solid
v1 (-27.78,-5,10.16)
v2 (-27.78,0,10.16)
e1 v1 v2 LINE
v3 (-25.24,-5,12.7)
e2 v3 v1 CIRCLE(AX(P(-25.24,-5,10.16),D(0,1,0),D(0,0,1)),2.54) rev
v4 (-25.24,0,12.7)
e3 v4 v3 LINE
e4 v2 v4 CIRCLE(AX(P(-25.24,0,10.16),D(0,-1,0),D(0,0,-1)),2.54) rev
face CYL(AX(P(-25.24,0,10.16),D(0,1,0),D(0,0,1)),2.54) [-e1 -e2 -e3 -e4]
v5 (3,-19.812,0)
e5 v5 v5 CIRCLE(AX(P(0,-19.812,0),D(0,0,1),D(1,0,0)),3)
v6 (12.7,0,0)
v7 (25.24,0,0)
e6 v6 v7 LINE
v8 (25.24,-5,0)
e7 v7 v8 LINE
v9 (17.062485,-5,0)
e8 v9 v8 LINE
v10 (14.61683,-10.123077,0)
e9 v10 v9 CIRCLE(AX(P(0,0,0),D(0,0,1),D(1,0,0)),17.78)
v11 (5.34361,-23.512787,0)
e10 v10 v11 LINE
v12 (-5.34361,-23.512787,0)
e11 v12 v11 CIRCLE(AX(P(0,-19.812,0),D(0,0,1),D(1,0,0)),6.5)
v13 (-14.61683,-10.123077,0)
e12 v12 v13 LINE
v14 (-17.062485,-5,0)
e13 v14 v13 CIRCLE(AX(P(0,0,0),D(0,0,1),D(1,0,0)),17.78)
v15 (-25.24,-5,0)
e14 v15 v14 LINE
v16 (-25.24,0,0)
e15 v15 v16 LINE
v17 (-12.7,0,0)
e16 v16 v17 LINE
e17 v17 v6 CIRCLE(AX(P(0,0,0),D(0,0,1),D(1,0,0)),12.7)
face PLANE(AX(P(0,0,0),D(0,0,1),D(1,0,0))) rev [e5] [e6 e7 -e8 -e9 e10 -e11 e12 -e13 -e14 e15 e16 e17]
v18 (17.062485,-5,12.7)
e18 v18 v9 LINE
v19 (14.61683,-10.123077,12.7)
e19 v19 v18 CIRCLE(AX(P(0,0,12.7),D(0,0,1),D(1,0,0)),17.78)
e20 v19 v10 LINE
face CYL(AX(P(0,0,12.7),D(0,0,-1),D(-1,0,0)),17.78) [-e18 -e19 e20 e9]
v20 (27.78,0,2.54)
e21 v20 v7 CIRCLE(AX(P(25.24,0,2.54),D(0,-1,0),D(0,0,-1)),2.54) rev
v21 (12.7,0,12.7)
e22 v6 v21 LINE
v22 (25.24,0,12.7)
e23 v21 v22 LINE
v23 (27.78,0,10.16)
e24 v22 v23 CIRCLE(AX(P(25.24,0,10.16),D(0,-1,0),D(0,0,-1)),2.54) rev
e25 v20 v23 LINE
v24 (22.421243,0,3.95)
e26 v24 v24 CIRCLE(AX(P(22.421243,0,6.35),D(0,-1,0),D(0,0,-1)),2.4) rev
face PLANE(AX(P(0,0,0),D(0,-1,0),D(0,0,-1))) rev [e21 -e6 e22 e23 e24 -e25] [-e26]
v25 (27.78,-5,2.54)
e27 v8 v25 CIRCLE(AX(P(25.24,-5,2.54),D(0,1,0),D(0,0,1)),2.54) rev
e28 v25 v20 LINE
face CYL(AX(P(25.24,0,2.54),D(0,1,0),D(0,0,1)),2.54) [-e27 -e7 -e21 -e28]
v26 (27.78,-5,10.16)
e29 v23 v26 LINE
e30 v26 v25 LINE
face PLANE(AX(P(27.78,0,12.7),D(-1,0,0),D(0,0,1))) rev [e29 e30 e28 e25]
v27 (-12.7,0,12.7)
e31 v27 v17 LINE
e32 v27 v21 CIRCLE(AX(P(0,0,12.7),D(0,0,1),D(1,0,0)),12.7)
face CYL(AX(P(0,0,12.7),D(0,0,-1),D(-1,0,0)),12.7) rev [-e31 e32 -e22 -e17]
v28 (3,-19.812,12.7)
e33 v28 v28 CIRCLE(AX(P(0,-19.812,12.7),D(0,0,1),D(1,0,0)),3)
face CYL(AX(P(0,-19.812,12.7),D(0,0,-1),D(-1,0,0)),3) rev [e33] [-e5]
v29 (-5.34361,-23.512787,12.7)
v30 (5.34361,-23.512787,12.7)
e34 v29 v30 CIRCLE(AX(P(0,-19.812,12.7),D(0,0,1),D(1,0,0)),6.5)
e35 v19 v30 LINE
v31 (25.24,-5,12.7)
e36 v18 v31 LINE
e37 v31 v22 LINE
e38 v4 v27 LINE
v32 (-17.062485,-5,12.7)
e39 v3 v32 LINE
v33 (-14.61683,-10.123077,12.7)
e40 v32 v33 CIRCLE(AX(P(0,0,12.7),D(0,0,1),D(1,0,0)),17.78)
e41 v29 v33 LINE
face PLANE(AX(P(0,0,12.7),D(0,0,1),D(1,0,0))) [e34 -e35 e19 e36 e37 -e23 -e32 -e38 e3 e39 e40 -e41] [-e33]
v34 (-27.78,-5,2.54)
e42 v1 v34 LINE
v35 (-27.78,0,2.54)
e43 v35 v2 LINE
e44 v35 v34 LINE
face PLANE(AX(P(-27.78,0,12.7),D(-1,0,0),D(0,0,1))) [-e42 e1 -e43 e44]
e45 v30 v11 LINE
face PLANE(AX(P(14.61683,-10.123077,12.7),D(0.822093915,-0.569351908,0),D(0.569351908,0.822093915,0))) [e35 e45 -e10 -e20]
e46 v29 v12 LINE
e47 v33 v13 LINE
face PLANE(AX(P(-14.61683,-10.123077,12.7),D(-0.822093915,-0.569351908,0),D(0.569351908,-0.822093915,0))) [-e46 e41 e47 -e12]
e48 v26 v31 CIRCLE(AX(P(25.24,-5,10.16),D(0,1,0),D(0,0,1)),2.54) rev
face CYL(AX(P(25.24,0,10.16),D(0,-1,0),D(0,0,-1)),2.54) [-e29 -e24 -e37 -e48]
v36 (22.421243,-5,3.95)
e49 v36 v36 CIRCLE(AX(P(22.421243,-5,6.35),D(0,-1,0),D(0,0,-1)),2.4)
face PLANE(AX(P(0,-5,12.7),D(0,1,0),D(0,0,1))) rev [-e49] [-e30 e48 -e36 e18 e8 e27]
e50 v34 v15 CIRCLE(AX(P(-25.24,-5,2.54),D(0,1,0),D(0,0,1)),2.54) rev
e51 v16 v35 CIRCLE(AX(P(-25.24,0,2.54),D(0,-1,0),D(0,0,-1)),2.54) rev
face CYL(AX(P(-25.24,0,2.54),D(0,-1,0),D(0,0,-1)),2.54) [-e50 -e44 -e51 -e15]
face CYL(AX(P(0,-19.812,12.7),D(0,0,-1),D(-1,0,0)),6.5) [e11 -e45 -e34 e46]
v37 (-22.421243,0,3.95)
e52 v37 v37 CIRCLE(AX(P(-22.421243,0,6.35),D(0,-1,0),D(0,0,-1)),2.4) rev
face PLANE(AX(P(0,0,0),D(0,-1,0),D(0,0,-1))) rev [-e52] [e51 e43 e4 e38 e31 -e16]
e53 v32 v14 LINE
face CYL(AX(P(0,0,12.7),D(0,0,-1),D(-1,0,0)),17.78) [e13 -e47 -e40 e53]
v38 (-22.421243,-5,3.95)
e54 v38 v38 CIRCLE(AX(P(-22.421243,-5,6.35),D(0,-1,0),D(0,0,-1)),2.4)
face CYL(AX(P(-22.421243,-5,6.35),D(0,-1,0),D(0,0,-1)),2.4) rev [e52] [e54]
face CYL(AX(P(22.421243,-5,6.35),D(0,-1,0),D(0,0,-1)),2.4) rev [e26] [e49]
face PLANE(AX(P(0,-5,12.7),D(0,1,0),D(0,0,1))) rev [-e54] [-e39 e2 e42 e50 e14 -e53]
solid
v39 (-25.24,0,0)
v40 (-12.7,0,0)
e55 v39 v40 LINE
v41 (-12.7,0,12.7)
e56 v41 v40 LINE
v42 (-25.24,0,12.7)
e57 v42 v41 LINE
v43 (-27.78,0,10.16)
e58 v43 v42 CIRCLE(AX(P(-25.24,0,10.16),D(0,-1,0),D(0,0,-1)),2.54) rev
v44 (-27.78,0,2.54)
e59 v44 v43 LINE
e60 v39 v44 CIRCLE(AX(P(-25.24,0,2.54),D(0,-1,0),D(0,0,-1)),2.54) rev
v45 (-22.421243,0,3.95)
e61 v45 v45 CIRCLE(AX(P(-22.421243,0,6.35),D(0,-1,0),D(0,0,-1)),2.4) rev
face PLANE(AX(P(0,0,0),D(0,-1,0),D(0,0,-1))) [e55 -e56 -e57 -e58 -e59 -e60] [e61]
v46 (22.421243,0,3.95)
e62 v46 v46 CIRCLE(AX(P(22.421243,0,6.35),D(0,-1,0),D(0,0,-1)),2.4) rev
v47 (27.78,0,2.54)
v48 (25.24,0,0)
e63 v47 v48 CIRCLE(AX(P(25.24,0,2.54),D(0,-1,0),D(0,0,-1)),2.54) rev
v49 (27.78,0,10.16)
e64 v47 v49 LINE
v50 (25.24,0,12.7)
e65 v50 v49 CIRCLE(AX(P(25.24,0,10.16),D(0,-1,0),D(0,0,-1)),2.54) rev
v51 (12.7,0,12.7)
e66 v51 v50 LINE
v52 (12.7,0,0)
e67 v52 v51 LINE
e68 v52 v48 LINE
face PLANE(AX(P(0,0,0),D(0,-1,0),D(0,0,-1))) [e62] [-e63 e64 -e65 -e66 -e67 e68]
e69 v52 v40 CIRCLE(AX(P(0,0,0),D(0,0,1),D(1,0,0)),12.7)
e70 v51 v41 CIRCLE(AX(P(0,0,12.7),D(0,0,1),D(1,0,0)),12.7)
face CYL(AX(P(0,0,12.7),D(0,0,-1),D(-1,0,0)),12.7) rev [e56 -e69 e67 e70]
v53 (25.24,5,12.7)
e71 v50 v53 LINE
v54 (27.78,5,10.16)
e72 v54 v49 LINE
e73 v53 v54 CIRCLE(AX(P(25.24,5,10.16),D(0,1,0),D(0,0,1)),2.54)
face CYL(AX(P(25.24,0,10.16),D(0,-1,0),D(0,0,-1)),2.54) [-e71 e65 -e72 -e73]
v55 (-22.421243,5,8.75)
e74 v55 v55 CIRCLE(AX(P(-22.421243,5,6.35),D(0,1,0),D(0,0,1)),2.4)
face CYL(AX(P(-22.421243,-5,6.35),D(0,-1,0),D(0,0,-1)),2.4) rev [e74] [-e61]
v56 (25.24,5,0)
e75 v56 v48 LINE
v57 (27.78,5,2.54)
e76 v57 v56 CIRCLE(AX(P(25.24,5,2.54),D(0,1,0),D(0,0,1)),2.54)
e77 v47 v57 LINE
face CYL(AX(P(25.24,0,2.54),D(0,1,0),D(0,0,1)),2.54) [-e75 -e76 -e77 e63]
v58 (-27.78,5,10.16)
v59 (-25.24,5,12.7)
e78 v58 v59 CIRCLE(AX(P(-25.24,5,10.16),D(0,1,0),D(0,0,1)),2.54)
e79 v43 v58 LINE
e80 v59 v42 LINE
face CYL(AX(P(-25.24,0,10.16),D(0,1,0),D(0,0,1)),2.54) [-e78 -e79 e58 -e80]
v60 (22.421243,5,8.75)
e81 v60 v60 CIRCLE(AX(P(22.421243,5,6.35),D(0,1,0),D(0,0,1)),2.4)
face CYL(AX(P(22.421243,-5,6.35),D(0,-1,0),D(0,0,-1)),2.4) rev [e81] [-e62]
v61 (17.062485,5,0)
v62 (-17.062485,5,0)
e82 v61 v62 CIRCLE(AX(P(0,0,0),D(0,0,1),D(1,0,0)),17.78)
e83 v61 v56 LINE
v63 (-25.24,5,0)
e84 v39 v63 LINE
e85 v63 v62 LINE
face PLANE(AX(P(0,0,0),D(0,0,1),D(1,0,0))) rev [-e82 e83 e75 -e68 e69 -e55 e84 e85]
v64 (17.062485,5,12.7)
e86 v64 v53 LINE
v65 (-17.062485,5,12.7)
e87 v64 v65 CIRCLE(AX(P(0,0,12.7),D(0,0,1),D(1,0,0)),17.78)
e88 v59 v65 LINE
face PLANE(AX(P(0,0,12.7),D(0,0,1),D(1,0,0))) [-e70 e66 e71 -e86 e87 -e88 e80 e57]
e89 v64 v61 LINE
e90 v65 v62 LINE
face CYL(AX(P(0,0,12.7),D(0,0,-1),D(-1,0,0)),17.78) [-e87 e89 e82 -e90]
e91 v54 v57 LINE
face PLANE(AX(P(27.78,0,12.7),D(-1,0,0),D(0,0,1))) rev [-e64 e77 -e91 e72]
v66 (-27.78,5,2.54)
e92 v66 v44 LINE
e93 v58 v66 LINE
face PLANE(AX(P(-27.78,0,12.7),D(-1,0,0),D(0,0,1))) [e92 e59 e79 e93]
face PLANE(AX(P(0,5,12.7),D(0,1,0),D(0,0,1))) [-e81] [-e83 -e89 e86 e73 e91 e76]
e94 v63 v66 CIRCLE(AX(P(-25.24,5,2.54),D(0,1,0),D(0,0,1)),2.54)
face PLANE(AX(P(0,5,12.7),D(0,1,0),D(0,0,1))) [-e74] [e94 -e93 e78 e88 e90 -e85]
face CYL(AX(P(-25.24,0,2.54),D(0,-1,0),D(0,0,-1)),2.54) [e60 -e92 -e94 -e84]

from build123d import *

# Parameters (mm, degrees)
SKETCH1_R            = 12.7
SKETCH1_R_2          = 3
BOSS_EXTRUDE1_DEPTH  = 12.7
M4_CLEARANCE_HOLE1_D = 4.8
FILLET1_R            = 2.54


with BuildPart() as part:
    # Sketch1 → Boss-Extrude1 (new body)
    with BuildSketch(Plane.XY):
        with BuildLine():
            ThreePointArc((-5.343610447, -23.512787402), (0, -26.312), (5.343610447, -23.512787402))
            Line((5.343610447, -23.512787402), (14.616829807, -10.123076923))
            ThreePointArc((14.616829807, -10.123076923), (16.04544261, -7.6597762), (17.062485165, -5))
            Line((17.062485165, -5), (27.78, -5))
            Line((27.78, -5), (27.78, 5))
            Line((27.78, 5), (17.062485165, 5))
            ThreePointArc((17.062485165, 5), (0, 17.78), (-17.062485165, 5))
            Line((-17.062485165, 5), (-27.78, 5))
            Line((-27.78, 5), (-27.78, -5))
            Line((-27.78, -5), (-17.062485165, -5))
            ThreePointArc((-17.062485165, -5), (-16.04544261, -7.6597762), (-14.616829807, -10.123076923))
            Line((-14.616829807, -10.123076923), (-5.343610447, -23.512787402))
        make_face()
        Circle(SKETCH1_R, mode=Mode.SUBTRACT)
        with Locations((0, -19.812)):
            Circle(SKETCH1_R_2, mode=Mode.SUBTRACT)
    extrude(amount=BOSS_EXTRUDE1_DEPTH)

    # M4 Clearance Hole1 (through all)
    with Locations(Plane(origin=(0, -5, 0), x_dir=(-1, 0, 0), z_dir=(0, -1, 0))):
        with Locations((-22.421242582, -6.35), (22.421242582, -6.35)):
            Hole(M4_CLEARANCE_HOLE1_D / 2)

    # Fillet1
    fillet1_edges = [part.edges().sort_by_distance(p)[0] for p in [
        (-27.78, 0, 0),
        (27.78, 0, 12.7),
        (27.78, 0, 0),
        (-27.78, 0, 12.7),
    ]]
    fillet(fillet1_edges, radius=FILLET1_R)


with BuildPart() as body_2:
    # Split1: the piece on the far side of the plane
    add(part.part)
    split(bisect_by=Plane(origin=(0, 0, 0), x_dir=(0, 0, -1), z_dir=(0, -1, 0)), keep=Keep.BOTTOM)


with BuildPart() as part_1:
    add(part.part)

    # Split1
    split(bisect_by=Plane(origin=(0, 0, 0), x_dir=(0, 0, -1), z_dir=(0, -1, 0)), keep=Keep.TOP)


solid = Compound([body_2.part, part_1.part])
